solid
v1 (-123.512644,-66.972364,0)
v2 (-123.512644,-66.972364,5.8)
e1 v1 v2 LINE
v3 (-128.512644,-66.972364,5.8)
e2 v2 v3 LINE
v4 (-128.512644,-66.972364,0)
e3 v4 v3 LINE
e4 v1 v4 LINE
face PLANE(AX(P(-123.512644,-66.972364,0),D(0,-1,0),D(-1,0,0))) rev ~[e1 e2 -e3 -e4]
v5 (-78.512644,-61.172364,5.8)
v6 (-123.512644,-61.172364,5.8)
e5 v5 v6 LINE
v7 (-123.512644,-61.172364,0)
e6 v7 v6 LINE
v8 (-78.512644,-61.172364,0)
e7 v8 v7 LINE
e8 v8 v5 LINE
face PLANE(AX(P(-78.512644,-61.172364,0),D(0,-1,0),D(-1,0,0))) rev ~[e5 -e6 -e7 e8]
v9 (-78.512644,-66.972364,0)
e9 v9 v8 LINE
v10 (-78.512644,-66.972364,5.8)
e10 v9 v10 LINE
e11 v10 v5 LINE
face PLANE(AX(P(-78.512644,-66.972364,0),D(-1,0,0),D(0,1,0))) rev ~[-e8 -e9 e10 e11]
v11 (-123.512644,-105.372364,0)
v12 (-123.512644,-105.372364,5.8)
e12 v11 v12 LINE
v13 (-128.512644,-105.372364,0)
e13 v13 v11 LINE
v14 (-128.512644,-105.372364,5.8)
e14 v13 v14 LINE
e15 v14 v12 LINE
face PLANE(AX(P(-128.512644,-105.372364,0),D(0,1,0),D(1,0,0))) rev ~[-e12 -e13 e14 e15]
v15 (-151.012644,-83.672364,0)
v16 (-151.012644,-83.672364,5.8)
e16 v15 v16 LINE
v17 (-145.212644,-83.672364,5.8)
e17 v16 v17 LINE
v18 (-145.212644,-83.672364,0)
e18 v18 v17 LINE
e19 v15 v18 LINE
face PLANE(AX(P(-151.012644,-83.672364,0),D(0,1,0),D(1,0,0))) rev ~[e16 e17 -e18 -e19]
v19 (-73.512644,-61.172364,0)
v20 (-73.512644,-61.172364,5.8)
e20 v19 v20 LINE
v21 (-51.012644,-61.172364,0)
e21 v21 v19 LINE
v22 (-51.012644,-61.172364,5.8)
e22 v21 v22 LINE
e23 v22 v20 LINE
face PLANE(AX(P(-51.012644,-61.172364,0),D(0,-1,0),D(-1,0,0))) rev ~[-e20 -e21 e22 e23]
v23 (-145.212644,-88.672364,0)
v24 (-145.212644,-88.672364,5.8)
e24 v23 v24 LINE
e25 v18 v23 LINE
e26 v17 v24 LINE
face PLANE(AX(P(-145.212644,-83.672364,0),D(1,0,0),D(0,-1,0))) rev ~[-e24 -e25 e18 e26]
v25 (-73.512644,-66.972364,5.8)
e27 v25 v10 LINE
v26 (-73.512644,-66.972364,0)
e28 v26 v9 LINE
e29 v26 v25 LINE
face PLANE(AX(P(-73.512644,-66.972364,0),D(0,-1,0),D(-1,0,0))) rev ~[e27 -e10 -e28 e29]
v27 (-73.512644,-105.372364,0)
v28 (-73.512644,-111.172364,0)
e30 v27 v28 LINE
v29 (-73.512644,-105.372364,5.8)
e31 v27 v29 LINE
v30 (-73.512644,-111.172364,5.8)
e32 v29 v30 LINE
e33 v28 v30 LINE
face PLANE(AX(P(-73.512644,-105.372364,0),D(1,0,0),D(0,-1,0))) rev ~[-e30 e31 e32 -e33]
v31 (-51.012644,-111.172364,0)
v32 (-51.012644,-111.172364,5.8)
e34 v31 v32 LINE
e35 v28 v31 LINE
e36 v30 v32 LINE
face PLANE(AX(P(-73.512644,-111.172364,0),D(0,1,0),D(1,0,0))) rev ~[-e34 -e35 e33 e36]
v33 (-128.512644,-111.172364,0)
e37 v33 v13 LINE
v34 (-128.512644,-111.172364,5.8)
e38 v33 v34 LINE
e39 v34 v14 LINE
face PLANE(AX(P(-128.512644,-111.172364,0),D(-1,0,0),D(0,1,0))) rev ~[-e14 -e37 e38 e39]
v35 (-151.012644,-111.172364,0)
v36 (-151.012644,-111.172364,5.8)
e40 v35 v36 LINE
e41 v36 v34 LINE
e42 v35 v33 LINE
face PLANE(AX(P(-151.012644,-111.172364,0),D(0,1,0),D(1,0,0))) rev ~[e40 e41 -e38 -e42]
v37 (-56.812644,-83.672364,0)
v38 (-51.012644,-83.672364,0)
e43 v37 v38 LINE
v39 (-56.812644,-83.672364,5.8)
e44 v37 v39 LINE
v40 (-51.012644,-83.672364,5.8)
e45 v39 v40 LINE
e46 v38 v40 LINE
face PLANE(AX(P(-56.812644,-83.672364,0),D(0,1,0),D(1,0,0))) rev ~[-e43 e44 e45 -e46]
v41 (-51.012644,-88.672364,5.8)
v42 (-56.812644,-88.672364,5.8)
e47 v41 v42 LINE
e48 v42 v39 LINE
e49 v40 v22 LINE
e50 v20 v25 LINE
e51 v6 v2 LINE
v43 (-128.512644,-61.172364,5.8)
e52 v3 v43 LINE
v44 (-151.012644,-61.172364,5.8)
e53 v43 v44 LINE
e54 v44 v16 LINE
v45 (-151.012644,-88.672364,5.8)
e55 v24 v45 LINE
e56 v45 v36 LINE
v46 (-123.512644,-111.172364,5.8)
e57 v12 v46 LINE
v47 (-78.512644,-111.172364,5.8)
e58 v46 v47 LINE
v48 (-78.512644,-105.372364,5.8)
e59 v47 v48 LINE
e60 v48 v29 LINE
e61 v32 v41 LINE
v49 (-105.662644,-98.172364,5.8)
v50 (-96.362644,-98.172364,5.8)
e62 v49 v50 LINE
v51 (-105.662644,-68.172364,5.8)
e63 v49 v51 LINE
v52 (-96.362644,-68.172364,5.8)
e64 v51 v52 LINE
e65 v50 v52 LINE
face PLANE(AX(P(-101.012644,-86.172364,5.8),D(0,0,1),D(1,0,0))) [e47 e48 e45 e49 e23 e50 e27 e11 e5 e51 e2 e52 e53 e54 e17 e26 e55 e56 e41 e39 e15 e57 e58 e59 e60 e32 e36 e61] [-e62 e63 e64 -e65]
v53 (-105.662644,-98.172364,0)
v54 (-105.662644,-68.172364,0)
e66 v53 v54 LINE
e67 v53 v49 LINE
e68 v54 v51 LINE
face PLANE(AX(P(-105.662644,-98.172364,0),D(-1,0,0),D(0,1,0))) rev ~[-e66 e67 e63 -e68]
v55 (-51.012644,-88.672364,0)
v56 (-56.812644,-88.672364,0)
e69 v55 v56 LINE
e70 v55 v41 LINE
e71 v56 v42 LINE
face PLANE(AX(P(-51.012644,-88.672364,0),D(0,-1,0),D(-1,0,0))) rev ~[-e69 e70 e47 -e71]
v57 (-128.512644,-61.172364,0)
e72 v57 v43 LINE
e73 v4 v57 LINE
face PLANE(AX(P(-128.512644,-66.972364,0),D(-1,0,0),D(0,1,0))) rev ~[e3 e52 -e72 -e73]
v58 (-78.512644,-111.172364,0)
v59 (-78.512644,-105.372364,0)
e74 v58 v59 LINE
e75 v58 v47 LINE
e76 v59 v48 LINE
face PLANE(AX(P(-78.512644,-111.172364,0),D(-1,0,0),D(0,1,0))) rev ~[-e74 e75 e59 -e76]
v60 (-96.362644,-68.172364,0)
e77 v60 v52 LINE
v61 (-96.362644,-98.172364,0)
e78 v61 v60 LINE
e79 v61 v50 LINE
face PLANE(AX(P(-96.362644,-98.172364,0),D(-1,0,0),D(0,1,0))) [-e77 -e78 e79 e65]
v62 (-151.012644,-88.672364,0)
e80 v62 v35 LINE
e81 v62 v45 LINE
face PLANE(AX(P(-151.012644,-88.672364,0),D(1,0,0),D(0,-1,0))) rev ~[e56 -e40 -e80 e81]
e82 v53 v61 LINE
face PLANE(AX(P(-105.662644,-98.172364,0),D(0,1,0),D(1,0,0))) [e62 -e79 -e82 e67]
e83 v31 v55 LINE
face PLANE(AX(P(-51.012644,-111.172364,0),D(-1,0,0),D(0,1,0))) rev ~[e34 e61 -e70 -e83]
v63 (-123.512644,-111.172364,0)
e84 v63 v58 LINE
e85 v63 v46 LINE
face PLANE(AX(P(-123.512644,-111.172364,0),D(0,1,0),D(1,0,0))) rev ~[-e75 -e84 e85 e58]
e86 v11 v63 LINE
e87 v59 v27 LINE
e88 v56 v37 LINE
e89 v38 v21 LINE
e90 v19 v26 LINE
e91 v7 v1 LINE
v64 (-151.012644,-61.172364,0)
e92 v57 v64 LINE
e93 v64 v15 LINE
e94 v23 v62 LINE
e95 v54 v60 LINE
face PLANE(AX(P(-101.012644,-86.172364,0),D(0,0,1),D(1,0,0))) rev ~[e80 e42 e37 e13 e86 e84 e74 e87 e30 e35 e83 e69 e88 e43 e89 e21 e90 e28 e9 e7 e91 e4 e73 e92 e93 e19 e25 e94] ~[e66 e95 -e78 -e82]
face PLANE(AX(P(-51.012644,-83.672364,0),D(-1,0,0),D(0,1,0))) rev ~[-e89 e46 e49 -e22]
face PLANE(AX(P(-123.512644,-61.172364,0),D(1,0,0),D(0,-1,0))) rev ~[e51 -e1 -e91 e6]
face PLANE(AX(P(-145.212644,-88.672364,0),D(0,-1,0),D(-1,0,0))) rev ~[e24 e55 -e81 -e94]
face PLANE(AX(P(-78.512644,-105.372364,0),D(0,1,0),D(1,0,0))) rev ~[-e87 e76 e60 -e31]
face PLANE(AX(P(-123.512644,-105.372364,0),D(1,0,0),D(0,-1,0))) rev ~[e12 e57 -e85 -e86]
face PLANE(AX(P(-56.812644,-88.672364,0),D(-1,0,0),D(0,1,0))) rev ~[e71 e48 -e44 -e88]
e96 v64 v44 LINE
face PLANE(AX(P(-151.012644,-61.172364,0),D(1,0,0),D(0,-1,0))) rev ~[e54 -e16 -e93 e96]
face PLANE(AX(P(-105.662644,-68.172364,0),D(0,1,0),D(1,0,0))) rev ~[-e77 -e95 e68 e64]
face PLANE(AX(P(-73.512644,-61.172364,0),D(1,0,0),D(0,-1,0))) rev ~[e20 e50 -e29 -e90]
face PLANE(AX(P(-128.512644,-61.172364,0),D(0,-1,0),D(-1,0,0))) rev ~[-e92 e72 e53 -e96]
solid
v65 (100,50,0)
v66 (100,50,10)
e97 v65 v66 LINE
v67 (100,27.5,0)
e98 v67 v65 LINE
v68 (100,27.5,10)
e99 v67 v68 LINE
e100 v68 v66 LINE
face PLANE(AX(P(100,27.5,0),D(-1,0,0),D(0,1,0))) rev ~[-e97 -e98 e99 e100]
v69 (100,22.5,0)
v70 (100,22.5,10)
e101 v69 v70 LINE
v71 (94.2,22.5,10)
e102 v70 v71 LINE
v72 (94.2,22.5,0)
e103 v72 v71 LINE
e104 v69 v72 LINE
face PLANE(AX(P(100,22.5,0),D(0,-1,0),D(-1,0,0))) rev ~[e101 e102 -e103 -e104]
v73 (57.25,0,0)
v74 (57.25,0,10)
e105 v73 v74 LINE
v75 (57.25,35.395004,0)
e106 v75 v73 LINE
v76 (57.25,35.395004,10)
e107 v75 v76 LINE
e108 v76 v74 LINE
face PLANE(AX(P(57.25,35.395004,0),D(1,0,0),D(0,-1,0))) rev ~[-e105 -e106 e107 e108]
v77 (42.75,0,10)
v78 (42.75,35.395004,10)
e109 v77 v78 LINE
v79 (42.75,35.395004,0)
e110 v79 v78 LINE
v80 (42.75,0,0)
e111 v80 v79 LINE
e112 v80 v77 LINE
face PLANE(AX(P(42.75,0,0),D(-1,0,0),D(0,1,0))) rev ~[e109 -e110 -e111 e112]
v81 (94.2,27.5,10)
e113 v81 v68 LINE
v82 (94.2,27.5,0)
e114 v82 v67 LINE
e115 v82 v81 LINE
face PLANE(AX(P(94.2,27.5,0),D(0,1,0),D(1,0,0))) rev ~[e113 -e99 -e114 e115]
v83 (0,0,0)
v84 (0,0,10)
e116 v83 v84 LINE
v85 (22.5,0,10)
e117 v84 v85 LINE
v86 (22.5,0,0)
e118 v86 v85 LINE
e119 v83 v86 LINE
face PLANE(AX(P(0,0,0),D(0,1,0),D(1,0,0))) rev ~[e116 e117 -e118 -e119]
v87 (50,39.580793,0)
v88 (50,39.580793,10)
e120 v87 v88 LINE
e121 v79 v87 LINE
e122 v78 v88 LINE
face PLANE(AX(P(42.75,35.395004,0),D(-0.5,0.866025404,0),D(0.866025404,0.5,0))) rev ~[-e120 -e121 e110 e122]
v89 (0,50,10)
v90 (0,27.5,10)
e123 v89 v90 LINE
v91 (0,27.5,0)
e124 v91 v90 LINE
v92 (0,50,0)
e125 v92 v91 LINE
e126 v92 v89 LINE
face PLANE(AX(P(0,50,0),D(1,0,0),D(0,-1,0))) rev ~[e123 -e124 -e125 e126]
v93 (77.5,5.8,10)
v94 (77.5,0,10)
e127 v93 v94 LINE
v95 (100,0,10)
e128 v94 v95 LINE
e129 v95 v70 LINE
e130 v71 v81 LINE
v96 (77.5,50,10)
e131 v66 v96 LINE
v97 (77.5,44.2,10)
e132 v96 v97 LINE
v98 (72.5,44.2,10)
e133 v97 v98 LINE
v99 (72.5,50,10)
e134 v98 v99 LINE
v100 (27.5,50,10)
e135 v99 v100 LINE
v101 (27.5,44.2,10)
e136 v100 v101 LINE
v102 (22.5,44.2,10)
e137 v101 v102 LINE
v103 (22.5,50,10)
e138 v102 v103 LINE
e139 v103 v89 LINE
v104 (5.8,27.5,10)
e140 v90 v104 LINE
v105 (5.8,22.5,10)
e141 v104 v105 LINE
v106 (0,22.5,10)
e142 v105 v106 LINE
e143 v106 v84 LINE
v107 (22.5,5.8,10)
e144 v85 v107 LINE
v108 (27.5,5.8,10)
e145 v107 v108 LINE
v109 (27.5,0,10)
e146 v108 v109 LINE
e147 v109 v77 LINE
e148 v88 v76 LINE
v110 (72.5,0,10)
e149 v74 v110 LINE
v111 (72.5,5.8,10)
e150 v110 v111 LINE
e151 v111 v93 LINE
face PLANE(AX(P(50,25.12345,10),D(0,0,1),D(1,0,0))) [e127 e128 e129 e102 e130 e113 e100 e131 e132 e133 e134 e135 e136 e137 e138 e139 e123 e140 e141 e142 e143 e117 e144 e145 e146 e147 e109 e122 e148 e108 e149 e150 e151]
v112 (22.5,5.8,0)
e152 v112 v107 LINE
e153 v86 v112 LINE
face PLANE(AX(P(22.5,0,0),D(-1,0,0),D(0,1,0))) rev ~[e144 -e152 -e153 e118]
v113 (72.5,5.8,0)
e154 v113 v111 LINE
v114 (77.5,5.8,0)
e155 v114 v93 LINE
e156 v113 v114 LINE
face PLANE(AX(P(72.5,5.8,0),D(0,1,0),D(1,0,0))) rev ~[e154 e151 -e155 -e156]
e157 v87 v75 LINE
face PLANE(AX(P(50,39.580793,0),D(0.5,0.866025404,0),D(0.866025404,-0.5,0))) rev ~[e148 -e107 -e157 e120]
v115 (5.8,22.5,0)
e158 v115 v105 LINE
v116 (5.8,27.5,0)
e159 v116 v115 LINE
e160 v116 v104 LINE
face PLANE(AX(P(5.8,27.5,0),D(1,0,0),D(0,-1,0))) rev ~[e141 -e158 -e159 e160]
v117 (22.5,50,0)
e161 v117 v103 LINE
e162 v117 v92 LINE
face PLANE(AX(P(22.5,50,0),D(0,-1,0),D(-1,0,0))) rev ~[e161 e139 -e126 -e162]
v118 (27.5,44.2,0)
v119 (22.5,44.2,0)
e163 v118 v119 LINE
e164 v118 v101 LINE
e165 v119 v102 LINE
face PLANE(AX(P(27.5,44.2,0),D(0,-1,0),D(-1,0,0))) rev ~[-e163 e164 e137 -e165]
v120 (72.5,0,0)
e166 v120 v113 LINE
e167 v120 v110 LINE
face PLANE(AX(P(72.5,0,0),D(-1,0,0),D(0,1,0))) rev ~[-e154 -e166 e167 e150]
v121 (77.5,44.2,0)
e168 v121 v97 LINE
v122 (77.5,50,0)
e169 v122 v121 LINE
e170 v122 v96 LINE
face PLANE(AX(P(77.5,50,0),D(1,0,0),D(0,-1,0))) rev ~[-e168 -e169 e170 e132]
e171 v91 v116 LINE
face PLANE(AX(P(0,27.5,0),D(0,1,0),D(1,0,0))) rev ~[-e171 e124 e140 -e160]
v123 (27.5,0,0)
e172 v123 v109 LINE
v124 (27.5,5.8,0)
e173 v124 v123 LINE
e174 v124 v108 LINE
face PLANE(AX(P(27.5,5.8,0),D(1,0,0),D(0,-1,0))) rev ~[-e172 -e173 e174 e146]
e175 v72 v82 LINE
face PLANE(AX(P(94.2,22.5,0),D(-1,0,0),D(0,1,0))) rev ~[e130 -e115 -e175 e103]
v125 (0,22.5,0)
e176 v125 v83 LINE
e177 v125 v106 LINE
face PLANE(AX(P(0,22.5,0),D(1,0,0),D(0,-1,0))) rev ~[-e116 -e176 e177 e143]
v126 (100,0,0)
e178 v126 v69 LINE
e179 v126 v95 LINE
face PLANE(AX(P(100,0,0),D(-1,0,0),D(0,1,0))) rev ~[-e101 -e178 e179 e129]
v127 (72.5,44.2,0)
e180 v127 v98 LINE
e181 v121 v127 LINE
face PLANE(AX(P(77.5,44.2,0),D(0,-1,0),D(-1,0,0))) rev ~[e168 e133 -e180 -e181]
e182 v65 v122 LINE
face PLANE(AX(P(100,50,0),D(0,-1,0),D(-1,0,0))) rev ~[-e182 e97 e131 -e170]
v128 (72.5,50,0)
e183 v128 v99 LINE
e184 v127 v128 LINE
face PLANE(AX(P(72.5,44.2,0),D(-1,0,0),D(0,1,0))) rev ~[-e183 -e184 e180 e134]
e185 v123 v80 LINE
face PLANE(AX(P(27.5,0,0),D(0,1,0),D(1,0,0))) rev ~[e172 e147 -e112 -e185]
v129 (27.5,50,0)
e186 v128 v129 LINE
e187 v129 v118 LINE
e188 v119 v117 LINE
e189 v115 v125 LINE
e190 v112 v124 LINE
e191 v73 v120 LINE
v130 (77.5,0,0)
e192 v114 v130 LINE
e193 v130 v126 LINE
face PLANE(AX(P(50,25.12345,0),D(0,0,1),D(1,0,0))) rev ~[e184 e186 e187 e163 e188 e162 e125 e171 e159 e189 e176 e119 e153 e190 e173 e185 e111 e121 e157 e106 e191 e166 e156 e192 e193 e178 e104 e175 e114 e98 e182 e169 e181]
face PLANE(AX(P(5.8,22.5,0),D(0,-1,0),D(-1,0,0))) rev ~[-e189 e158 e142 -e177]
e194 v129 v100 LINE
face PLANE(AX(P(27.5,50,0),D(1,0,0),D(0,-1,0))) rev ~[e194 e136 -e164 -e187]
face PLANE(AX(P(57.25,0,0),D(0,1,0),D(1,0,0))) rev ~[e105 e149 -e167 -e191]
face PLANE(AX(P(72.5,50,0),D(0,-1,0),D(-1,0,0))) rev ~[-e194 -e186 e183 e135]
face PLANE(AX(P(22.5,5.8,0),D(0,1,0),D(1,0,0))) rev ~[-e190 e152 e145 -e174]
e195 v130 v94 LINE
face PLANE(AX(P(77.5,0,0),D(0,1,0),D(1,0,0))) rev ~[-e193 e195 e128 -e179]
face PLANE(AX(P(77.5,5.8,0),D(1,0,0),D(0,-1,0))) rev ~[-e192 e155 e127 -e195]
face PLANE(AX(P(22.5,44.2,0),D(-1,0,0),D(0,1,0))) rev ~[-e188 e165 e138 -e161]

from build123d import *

# Parameters (mm, degrees)
F2_DEPTH = 10
F3_W     = 9.3
F3_H     = 30
F4_DEPTH = 5.8


with BuildPart() as f2:
    # F1 (on Top) → F2 (new body)
    with BuildSketch(Plane.XY):
        Polygon((0, 22.5), (0, 0), (22.5, 0), (22.5, 5.8), (27.5, 5.8), (27.5, 0), (42.75, 0), (42.75, 35.3950038552), (50, 39.5807933069), (57.25, 35.3950038552), (57.25, 0), (72.5, 0), (72.5, 5.8), (77.5, 5.8), (77.5, 0), (100, 0), (100, 22.5), (94.2, 22.5), (94.2, 27.5), (100, 27.5), (100, 50), (77.5, 50), (77.5, 44.2), (72.5, 44.2), (72.5, 50), (27.5, 50), (27.5, 44.2), (22.5, 44.2), (22.5, 50), (0, 50), (0, 27.5), (5.8, 27.5), (5.8, 22.5), align=None)
    extrude(amount=F2_DEPTH)


with BuildPart() as f4:
    # F3 (on Top) → F4 (new body)
    with BuildSketch(Plane.XY):
        Polygon((-151.0126439095, -88.6723635435), (-151.0126439095, -111.1723635435), (-128.5126439095, -111.1723635435), (-128.5126439095, -105.3723635435), (-123.5126439095, -105.3723635435), (-123.5126439095, -111.1723635435), (-113.4568698463, -111.1723635435), (-88.5684179726, -111.1723635435), (-78.5126439095, -111.1723635435), (-78.5126439095, -105.3723635435), (-73.5126439095, -105.3723635435), (-73.5126439095, -111.1723635435), (-51.0126439095, -111.1723635435), (-51.0126439095, -88.6723635435), (-56.8126439095, -88.6723635435), (-56.8126439095, -83.6723635435), (-51.0126439095, -83.6723635435), (-51.0126439095, -61.1723635435), (-73.5126439095, -61.1723635435), (-73.5126439095, -66.9723635435), (-78.5126439095, -66.9723635435), (-78.5126439095, -61.1723635435), (-123.5126439095, -61.1723635435), (-123.5126439095, -66.9723635435), (-128.5126439095, -66.9723635435), (-128.5126439095, -61.1723635435), (-151.0126439095, -61.1723635435), (-151.0126439095, -83.6723635435), (-145.2126439095, -83.6723635435), (-145.2126439095, -88.6723635435), align=None)
        with Locations((-101.0126439095, -83.1723635435)):
            Rectangle(F3_W, F3_H, mode=Mode.SUBTRACT)
    extrude(amount=F4_DEPTH)


solid = Compound([f2.part, f4.part])
